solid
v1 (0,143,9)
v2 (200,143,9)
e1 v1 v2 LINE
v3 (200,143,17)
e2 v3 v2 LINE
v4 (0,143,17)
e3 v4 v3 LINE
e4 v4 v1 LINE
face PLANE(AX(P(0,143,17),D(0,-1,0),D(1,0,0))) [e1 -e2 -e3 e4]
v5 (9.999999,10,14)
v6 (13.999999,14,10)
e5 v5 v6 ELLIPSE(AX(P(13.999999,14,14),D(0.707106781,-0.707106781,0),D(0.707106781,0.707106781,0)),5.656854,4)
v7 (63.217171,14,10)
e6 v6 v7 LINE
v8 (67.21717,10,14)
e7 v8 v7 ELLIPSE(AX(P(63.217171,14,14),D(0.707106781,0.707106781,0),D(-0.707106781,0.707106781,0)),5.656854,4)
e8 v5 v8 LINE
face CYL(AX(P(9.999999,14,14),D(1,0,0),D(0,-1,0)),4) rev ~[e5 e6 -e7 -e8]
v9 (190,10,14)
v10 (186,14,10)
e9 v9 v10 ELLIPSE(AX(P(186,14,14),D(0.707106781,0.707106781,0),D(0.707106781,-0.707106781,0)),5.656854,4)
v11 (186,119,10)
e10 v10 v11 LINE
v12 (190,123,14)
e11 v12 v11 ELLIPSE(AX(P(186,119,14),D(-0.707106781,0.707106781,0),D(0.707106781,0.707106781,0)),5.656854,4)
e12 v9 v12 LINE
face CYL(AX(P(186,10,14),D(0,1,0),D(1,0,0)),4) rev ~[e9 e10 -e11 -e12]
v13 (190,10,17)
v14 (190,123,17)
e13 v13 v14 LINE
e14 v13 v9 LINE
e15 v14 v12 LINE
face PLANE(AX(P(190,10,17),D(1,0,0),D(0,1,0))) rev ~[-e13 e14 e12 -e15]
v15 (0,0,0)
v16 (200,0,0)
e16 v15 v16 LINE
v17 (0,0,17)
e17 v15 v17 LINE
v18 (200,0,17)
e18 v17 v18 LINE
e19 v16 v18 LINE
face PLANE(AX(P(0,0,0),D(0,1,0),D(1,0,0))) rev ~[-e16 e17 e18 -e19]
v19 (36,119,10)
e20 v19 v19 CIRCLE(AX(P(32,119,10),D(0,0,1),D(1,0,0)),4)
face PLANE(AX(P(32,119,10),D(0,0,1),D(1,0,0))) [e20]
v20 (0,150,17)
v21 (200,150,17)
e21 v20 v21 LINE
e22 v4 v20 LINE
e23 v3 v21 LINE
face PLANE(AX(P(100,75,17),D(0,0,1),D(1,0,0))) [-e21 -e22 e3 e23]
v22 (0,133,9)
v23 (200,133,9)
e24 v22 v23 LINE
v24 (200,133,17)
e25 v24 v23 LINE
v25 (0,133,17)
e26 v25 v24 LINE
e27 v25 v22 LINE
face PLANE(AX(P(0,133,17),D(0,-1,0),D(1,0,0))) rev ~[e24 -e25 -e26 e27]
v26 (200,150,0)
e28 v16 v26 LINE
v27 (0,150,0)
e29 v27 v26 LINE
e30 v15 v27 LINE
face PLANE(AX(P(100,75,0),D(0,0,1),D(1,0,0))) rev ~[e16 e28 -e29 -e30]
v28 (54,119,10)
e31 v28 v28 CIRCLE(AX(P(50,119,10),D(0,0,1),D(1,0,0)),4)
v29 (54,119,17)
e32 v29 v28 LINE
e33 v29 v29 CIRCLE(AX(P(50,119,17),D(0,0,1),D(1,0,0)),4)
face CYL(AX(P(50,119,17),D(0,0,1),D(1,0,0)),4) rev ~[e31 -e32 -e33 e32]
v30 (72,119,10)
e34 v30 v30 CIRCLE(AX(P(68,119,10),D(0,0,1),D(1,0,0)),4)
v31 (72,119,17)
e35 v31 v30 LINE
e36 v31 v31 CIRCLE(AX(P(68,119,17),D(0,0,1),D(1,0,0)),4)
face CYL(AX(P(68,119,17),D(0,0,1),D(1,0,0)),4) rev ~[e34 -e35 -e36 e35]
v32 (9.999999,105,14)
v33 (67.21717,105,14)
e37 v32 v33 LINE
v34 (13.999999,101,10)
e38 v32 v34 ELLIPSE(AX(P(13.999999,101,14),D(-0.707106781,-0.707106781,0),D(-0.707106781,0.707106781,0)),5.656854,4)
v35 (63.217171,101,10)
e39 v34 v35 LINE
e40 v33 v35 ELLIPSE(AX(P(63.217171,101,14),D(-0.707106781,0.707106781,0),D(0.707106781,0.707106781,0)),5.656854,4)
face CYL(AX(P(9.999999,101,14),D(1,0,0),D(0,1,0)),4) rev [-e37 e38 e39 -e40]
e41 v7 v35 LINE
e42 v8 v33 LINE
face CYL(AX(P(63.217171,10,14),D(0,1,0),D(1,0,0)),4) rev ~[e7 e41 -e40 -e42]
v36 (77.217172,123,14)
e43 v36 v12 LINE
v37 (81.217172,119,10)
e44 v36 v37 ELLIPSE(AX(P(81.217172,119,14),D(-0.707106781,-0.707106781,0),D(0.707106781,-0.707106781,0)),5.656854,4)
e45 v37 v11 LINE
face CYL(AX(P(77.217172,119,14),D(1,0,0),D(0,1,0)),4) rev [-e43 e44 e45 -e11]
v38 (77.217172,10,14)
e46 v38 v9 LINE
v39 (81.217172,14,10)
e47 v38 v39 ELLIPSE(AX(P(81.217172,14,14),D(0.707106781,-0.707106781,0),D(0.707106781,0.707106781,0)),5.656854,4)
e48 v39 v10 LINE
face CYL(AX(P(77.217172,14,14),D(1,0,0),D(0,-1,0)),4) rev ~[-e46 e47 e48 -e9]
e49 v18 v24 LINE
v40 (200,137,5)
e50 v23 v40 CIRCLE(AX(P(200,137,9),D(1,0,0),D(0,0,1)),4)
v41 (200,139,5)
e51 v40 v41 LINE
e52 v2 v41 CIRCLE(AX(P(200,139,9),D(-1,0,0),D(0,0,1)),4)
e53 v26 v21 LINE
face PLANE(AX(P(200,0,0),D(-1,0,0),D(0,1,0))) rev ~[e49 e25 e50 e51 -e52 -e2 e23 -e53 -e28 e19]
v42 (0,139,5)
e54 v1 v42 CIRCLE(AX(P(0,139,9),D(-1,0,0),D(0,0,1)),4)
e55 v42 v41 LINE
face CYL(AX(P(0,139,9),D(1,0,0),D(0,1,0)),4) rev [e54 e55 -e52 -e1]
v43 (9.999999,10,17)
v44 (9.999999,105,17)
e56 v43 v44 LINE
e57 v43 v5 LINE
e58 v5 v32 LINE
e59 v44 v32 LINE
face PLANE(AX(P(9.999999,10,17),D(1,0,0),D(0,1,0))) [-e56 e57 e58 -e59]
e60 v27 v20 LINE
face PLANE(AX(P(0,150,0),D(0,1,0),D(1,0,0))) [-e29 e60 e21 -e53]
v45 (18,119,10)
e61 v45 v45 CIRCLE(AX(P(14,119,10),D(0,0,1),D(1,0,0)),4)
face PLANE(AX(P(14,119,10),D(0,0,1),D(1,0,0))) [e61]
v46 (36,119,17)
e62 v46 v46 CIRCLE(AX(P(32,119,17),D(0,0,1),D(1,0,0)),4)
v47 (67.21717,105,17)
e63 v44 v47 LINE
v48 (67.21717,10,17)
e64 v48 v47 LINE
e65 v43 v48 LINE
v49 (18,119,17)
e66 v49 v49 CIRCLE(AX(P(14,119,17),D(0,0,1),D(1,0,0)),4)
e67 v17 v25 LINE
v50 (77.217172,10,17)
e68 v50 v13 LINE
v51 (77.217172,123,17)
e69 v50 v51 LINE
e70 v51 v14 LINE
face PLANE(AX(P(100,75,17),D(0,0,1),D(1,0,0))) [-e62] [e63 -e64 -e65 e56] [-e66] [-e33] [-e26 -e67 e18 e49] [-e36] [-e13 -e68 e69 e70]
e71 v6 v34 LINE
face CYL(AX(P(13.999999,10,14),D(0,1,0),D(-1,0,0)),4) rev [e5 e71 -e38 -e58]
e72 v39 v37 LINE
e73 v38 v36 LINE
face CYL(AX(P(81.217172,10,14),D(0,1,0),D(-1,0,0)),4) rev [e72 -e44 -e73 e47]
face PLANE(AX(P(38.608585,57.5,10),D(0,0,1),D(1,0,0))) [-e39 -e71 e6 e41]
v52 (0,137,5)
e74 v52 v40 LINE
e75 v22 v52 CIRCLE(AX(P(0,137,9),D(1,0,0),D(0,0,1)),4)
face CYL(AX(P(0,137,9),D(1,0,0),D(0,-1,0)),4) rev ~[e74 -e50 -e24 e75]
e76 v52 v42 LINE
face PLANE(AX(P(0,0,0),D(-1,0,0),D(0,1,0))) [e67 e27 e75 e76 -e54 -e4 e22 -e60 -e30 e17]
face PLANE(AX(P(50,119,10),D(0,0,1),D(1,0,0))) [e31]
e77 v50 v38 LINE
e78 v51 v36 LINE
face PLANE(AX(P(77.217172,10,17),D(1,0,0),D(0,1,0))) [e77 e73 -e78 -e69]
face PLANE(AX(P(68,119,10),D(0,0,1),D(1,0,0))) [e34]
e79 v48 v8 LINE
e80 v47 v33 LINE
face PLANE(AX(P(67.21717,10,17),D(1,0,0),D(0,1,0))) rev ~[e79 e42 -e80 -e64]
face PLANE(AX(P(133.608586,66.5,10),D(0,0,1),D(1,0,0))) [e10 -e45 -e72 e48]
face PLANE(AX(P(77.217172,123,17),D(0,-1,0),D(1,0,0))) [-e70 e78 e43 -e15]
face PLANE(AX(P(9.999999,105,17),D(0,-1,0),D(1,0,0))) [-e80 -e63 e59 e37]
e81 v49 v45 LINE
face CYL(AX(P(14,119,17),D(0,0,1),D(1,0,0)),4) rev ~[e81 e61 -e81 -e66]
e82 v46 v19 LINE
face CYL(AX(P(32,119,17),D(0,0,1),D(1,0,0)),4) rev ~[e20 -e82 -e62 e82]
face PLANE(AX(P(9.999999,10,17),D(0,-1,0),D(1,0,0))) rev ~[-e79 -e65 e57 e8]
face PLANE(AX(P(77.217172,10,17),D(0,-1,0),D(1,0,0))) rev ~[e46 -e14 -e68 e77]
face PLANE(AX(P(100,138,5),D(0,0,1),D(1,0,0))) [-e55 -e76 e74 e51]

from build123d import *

# Parameters (mm, degrees)
F0_W     = 200
F0_H     = 150
F1_DEPTH = 17
F2_W     = 200
F2_H     = 10
F3_DEPTH = 12
F2_R     = 4
F2_W_2   = 57.217171
F2_H_2   = 95
F2_W_3   = 112.782829
F2_H_3   = 113
F4_DEPTH = 7
F5_R     = 4
F6_R     = 4
F7_R     = 4


with BuildPart() as f1:
    # F0 (on Top) → F1 (new body)
    with BuildSketch(Plane.XY):
        with Locations((100, 75)):
            Rectangle(F0_W, F0_H)
    extrude(amount=F1_DEPTH)

    # F2 (on face) → F3 (cut)
    with BuildSketch(Plane.XY.offset(17)):
        with Locations((100, 138)):
            Rectangle(F2_W, F2_H)
    extrude(amount=-F3_DEPTH, mode=Mode.SUBTRACT)

    # F2 (on face) → F4 (cut)
    with BuildSketch(Plane.XY.offset(17)):
        with Locations((14, 119)):
            Circle(F2_R)
        with Locations((32, 119)):
            Circle(F2_R)
        with Locations((50, 119)):
            Circle(F2_R)
        with Locations((68, 119)):
            Circle(F2_R)
        with Locations((38.608585, 57.5)):
            Rectangle(F2_W_2, F2_H_2)
        with Locations((133.608586, 66.5)):
            Rectangle(F2_W_3, F2_H_3)
    extrude(amount=-F4_DEPTH, mode=Mode.SUBTRACT)

    # F5
    f5_edges = [f1.edges().sort_by_distance(p)[0] for p in [
        (133.608586, 123, 10),
        (77.217171, 66.5, 10),
        (133.608586, 10, 10),
        (190, 66.5, 10),
    ]]
    fillet(f5_edges, radius=F5_R)

    # F6
    f6_edges = [f1.edges().sort_by_distance(p)[0] for p in [
        (100, 143, 5),
        (100, 133, 5),
    ]]
    fillet(f6_edges, radius=F6_R)

    # F7
    f7_edges = [f1.edges().sort_by_distance(p)[0] for p in [
        (10, 57.5, 10),
        (38.608586, 105, 10),
        (67.217171, 57.5, 10),
        (38.608586, 10, 10),
    ]]
    fillet(f7_edges, radius=F7_R)


solid = f1.part
